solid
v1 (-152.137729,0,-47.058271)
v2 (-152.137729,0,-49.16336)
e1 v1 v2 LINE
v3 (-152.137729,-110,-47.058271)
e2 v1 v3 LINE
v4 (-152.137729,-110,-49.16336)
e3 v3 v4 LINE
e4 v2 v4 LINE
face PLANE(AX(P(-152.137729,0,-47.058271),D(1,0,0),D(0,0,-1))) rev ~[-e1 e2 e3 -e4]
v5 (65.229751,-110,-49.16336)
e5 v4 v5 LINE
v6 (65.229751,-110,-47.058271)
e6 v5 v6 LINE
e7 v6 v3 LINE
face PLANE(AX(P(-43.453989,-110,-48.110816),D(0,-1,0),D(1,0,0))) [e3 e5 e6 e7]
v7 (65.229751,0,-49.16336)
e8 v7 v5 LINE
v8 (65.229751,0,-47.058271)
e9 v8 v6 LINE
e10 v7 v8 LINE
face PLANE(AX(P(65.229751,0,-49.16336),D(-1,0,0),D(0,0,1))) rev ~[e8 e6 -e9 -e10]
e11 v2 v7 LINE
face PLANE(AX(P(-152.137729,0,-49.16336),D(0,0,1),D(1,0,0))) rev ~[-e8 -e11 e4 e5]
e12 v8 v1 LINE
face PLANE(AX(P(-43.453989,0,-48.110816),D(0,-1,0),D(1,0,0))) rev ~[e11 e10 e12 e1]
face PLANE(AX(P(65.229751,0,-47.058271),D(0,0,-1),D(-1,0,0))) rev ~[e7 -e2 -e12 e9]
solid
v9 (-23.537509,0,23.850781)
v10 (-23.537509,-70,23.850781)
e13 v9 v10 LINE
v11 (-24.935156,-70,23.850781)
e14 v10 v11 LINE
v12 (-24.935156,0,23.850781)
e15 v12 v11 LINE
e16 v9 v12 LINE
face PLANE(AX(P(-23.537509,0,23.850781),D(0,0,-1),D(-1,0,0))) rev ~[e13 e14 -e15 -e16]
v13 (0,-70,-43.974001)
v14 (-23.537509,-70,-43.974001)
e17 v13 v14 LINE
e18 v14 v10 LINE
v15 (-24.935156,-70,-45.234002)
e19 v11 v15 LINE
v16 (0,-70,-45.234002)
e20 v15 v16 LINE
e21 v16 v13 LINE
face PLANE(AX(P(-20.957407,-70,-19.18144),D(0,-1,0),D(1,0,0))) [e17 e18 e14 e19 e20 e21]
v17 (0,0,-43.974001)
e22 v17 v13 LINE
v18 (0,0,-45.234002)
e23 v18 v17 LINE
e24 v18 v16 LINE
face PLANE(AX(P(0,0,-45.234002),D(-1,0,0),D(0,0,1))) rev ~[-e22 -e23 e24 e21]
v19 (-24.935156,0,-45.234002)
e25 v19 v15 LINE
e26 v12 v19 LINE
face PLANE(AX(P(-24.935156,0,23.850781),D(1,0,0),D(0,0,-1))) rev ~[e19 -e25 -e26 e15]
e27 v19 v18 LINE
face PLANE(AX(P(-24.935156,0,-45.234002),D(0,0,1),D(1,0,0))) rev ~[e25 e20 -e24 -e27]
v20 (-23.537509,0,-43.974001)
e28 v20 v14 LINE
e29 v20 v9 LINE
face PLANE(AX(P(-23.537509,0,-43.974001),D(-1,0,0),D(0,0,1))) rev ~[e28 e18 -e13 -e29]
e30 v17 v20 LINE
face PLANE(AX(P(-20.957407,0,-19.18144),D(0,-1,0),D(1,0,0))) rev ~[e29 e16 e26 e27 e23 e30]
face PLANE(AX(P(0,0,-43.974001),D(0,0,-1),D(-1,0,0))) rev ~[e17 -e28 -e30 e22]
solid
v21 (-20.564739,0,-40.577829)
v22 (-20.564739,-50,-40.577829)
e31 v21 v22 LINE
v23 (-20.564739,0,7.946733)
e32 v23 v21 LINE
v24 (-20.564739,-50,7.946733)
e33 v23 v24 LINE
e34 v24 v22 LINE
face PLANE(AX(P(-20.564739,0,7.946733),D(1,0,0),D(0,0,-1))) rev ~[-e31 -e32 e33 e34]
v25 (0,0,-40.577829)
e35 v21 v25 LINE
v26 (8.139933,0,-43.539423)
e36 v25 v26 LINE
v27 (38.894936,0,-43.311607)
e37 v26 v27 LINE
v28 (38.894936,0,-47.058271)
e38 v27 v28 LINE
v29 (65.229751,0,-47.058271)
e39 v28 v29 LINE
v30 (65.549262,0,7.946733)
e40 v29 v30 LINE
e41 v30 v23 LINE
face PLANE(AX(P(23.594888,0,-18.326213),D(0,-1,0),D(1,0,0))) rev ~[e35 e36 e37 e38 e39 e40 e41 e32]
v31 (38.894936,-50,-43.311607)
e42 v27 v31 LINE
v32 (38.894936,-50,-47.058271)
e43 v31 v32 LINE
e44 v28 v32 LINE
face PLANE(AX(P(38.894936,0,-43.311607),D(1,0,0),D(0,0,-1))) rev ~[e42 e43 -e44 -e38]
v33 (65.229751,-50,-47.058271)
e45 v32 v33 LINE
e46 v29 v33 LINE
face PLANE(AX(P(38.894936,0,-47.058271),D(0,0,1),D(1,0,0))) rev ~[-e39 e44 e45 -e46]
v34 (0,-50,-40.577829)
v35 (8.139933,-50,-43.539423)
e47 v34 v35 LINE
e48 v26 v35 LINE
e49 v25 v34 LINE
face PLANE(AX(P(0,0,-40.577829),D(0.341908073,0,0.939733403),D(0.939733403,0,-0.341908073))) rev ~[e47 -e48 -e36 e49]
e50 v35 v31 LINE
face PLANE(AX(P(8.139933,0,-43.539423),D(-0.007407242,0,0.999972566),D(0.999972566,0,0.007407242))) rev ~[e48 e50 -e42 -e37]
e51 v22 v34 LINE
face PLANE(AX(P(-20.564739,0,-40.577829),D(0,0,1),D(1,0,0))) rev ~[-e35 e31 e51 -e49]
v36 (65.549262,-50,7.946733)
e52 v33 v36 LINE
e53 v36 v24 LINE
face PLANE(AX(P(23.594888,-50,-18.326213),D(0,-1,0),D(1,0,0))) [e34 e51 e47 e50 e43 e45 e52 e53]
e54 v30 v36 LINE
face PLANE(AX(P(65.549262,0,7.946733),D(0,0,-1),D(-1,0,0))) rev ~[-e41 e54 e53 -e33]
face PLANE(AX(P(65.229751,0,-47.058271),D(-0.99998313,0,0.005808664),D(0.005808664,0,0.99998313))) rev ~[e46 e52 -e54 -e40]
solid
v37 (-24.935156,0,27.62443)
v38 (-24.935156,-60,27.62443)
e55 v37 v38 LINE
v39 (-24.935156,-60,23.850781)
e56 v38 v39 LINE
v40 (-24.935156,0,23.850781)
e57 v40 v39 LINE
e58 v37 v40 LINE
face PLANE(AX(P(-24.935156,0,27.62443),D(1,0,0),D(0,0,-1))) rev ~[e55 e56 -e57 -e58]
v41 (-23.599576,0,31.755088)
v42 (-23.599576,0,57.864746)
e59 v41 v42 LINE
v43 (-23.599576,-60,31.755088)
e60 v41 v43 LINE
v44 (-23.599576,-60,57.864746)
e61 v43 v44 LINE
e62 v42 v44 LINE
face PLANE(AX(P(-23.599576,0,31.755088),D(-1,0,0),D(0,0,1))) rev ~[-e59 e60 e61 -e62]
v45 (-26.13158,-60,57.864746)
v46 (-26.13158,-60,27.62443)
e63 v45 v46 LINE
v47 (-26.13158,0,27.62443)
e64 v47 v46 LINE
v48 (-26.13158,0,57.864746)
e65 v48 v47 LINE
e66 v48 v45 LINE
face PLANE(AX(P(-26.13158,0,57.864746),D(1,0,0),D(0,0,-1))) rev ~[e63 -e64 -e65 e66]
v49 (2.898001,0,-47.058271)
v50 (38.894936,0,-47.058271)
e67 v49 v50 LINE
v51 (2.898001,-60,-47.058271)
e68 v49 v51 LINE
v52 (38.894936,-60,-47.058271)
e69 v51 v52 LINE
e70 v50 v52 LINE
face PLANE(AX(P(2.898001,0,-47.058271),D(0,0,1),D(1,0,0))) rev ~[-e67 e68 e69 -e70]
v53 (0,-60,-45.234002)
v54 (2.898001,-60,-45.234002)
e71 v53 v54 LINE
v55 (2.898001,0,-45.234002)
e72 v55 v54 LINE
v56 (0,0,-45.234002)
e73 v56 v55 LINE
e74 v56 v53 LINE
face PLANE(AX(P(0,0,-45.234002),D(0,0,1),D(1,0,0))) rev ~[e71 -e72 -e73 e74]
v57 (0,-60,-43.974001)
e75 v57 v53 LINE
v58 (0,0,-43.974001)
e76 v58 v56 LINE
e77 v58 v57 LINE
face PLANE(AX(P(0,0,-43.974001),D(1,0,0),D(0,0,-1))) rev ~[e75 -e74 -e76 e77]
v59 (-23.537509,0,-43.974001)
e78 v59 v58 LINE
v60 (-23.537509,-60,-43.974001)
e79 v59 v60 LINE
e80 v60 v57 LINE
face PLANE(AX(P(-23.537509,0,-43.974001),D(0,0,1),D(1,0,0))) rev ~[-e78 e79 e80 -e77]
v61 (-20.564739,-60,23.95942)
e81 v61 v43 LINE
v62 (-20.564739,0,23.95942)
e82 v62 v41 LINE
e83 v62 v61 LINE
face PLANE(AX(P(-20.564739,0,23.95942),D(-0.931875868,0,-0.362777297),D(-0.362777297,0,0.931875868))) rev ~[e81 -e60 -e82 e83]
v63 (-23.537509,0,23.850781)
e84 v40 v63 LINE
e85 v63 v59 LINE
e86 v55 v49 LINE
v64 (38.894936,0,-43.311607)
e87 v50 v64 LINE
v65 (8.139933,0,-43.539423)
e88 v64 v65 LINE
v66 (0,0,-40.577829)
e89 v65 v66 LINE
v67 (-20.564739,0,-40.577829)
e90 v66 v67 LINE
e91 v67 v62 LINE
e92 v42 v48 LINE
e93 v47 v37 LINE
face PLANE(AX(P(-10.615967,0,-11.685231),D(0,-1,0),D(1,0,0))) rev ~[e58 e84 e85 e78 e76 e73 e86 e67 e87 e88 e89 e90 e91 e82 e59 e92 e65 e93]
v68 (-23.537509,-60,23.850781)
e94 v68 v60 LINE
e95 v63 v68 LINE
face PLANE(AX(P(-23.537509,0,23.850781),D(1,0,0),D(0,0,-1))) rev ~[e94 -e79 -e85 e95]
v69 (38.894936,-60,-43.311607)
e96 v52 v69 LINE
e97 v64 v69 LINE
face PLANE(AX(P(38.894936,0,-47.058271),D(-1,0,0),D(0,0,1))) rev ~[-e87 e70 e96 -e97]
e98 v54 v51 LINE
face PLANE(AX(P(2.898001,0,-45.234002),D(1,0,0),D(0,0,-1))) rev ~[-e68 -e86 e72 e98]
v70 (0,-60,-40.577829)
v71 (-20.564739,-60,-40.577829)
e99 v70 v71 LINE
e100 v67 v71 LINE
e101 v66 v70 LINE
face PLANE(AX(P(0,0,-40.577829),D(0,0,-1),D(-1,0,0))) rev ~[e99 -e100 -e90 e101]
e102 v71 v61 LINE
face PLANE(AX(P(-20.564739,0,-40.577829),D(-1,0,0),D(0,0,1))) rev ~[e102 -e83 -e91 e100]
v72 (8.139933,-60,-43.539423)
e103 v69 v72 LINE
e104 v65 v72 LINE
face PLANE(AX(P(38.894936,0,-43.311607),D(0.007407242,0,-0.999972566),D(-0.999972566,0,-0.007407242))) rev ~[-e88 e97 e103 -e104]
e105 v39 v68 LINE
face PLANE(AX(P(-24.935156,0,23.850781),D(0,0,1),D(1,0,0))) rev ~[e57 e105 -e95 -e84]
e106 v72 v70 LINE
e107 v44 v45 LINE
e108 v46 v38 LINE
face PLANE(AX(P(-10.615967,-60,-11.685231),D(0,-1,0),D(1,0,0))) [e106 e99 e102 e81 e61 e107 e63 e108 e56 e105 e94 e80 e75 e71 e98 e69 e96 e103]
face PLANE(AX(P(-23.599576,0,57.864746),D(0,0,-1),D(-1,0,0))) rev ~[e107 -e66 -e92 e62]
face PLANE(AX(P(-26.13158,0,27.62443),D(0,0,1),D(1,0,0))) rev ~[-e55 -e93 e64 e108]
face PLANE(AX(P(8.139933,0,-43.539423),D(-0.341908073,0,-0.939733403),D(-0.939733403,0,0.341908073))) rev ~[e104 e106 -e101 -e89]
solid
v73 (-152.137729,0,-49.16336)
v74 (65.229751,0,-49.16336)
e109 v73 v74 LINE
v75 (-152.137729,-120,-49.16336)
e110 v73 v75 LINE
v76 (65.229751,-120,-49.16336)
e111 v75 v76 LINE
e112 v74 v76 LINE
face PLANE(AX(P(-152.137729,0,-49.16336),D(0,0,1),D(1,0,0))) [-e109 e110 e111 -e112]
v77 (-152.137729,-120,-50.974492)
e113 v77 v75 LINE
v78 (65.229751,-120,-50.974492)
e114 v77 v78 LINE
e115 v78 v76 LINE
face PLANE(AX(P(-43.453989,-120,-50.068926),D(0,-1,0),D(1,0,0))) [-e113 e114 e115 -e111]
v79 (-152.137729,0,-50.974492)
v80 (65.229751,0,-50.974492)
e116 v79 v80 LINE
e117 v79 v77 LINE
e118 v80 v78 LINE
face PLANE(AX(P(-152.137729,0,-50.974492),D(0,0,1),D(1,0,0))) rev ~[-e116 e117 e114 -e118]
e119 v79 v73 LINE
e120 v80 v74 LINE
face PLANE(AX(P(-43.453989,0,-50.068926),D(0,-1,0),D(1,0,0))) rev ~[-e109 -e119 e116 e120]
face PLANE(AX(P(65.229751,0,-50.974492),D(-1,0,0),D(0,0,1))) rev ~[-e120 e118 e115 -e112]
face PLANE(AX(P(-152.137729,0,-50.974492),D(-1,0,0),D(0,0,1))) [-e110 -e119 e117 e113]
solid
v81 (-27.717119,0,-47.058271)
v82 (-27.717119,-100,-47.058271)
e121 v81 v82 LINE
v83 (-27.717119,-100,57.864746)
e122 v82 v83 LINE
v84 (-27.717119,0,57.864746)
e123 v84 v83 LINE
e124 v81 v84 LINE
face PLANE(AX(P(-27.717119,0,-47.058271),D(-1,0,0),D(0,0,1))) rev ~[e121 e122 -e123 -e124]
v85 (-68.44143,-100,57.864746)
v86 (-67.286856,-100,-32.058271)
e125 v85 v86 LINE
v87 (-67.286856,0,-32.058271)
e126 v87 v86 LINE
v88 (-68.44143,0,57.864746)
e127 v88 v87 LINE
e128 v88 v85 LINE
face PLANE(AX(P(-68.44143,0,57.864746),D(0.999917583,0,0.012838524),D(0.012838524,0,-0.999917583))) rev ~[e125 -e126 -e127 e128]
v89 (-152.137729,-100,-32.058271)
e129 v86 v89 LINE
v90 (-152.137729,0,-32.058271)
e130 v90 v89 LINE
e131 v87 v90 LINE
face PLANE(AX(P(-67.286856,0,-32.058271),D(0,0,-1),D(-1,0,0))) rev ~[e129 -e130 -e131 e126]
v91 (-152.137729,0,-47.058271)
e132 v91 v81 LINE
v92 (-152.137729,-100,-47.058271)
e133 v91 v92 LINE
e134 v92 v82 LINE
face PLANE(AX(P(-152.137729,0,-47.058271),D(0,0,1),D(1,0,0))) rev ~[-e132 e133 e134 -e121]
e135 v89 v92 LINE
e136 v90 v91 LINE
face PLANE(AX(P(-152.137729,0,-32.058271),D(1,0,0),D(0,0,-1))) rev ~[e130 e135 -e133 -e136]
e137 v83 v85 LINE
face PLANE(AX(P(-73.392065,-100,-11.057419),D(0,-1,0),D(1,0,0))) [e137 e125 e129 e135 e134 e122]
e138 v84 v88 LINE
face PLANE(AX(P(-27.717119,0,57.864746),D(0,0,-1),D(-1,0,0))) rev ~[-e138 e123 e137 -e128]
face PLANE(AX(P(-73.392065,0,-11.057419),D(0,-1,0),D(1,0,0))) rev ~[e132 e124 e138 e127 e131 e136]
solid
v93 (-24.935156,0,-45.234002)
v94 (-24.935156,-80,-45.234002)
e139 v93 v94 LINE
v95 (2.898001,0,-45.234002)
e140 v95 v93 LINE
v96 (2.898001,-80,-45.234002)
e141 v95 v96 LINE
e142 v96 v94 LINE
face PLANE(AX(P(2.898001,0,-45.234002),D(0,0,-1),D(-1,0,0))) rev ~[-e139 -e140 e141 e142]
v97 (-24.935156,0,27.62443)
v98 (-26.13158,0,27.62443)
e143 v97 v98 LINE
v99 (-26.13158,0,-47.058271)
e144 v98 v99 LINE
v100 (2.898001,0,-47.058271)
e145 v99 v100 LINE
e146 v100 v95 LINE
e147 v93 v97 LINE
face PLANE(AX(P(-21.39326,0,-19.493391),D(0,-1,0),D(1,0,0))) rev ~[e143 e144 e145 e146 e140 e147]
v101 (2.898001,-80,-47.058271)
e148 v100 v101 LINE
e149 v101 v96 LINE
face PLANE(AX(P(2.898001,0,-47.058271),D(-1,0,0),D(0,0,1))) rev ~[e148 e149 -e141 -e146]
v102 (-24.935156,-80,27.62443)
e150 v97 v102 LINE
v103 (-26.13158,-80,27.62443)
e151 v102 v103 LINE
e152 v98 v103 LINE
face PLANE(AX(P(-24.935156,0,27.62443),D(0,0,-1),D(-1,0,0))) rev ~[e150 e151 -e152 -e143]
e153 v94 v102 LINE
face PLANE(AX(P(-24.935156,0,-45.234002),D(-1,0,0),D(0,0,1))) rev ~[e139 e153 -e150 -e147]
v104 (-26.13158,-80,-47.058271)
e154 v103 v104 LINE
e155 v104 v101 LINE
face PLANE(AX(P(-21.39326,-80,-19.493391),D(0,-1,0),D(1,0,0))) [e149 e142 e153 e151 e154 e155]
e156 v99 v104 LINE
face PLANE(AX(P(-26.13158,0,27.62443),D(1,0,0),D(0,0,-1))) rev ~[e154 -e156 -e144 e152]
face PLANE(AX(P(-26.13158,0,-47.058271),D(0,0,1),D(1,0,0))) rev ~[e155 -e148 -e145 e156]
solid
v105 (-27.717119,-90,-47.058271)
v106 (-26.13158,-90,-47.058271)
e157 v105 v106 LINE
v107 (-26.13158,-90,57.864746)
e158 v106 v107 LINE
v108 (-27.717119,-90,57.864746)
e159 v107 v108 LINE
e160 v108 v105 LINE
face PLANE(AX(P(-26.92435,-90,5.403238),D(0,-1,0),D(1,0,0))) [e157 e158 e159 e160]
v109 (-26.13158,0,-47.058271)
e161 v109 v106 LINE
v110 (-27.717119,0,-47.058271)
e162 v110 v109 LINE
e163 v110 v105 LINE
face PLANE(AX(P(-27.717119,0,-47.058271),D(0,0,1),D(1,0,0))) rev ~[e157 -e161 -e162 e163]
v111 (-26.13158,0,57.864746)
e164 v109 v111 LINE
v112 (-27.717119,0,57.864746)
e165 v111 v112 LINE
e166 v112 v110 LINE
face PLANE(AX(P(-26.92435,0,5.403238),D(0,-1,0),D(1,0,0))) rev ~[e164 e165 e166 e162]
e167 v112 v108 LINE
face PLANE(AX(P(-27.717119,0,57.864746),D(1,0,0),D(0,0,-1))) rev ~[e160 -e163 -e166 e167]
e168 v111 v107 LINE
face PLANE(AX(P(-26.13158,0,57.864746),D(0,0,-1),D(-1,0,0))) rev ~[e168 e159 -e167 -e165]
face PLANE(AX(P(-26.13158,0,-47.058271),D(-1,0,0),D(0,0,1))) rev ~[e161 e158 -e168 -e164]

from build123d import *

# Parameters (mm, degrees)
F1_DEPTH = 100
F2_DEPTH = 110
F0_W     = 217.36748
F0_H     = 1.811132
F3_DEPTH = 120
F4_DEPTH = 90
F5_DEPTH = 80
F6_DEPTH = 70
F7_DEPTH = 60
F8_DEPTH = 50


with BuildPart() as f1:
    # F0 (on Front) → F1 (new body)
    with BuildSketch(Plane.XZ):
        Polygon((-27.717119, 57.864746), (-68.44143, 57.864746), (-67.286856, -32.058271), (-152.137729, -32.058271), (-152.137729, -47.058271), (-27.717119, -47.058271), align=None)
    extrude(amount=F1_DEPTH)


with BuildPart() as f2:
    # F0 (on Front) → F2 (new body)
    with BuildSketch(Plane.XZ):
        Polygon((-26.13158, -47.058271), (-27.717119, -47.058271), (-152.137729, -47.058271), (-152.137729, -49.16336), (65.229751, -49.16336), (65.229751, -47.058271), (38.894936, -47.058271), (2.898001, -47.058271), align=None)
    extrude(amount=F2_DEPTH)


with BuildPart() as f3:
    # F0 (on Front) → F3 (new body)
    with BuildSketch(Plane.XZ):
        with Locations((-43.453989, -50.068926)):
            Rectangle(F0_W, F0_H)
    extrude(amount=F3_DEPTH)


with BuildPart() as f4:
    # F0 (on Front) → F4 (new body)
    with BuildSketch(Plane.XZ):
        Polygon((-26.13158, 57.864746), (-27.717119, 57.864746), (-27.717119, -47.058271), (-26.13158, -47.058271), (-26.13158, 27.62443), align=None)
    extrude(amount=F4_DEPTH)


with BuildPart() as f5:
    # F0 (on Front) → F5 (new body)
    with BuildSketch(Plane.XZ):
        Polygon((-26.13158, 27.62443), (-26.13158, -47.058271), (2.898001, -47.058271), (2.898001, -45.234002), (0, -45.234002), (-24.935156, -45.234002), (-24.935156, 23.850781), (-24.935156, 27.62443), align=None)
    extrude(amount=F5_DEPTH)


with BuildPart() as f6:
    # F0 (on Front) → F6 (new body)
    with BuildSketch(Plane.XZ):
        Polygon((-23.537509, 23.850781), (-24.935156, 23.850781), (-24.935156, -45.234002), (0, -45.234002), (0, -43.974001), (-23.537509, -43.974001), align=None)
    extrude(amount=F6_DEPTH)


with BuildPart() as f7:
    # F0 (on Front) → F7 (new body)
    with BuildSketch(Plane.XZ):
        Polygon((-23.599576, 57.864746), (-26.13158, 57.864746), (-26.13158, 27.62443), (-24.935156, 27.62443), (-24.935156, 23.850781), (-23.537509, 23.850781), (-23.537509, -43.974001), (0, -43.974001), (0, -45.234002), (2.898001, -45.234002), (2.898001, -47.058271), (38.894936, -47.058271), (38.894936, -43.311607), (8.139933, -43.539423), (0, -40.577829), (-20.564739, -40.577829), (-20.564739, 7.946733), (-20.564739, 23.95942), (-23.599576, 31.755088), align=None)
    extrude(amount=F7_DEPTH)


with BuildPart() as f8:
    # F0 (on Front) → F8 (new body)
    with BuildSketch(Plane.XZ):
        Polygon((38.894936, -43.311607), (38.894936, -47.058271), (65.229751, -47.058271), (65.549262, 7.946733), (-20.564739, 7.946733), (-20.564739, -40.577829), (0, -40.577829), (8.139933, -43.539423), align=None)
    extrude(amount=F8_DEPTH)


solid = Compound([f1.part, f2.part, f3.part, f4.part, f5.part, f6.part, f7.part, f8.part])
